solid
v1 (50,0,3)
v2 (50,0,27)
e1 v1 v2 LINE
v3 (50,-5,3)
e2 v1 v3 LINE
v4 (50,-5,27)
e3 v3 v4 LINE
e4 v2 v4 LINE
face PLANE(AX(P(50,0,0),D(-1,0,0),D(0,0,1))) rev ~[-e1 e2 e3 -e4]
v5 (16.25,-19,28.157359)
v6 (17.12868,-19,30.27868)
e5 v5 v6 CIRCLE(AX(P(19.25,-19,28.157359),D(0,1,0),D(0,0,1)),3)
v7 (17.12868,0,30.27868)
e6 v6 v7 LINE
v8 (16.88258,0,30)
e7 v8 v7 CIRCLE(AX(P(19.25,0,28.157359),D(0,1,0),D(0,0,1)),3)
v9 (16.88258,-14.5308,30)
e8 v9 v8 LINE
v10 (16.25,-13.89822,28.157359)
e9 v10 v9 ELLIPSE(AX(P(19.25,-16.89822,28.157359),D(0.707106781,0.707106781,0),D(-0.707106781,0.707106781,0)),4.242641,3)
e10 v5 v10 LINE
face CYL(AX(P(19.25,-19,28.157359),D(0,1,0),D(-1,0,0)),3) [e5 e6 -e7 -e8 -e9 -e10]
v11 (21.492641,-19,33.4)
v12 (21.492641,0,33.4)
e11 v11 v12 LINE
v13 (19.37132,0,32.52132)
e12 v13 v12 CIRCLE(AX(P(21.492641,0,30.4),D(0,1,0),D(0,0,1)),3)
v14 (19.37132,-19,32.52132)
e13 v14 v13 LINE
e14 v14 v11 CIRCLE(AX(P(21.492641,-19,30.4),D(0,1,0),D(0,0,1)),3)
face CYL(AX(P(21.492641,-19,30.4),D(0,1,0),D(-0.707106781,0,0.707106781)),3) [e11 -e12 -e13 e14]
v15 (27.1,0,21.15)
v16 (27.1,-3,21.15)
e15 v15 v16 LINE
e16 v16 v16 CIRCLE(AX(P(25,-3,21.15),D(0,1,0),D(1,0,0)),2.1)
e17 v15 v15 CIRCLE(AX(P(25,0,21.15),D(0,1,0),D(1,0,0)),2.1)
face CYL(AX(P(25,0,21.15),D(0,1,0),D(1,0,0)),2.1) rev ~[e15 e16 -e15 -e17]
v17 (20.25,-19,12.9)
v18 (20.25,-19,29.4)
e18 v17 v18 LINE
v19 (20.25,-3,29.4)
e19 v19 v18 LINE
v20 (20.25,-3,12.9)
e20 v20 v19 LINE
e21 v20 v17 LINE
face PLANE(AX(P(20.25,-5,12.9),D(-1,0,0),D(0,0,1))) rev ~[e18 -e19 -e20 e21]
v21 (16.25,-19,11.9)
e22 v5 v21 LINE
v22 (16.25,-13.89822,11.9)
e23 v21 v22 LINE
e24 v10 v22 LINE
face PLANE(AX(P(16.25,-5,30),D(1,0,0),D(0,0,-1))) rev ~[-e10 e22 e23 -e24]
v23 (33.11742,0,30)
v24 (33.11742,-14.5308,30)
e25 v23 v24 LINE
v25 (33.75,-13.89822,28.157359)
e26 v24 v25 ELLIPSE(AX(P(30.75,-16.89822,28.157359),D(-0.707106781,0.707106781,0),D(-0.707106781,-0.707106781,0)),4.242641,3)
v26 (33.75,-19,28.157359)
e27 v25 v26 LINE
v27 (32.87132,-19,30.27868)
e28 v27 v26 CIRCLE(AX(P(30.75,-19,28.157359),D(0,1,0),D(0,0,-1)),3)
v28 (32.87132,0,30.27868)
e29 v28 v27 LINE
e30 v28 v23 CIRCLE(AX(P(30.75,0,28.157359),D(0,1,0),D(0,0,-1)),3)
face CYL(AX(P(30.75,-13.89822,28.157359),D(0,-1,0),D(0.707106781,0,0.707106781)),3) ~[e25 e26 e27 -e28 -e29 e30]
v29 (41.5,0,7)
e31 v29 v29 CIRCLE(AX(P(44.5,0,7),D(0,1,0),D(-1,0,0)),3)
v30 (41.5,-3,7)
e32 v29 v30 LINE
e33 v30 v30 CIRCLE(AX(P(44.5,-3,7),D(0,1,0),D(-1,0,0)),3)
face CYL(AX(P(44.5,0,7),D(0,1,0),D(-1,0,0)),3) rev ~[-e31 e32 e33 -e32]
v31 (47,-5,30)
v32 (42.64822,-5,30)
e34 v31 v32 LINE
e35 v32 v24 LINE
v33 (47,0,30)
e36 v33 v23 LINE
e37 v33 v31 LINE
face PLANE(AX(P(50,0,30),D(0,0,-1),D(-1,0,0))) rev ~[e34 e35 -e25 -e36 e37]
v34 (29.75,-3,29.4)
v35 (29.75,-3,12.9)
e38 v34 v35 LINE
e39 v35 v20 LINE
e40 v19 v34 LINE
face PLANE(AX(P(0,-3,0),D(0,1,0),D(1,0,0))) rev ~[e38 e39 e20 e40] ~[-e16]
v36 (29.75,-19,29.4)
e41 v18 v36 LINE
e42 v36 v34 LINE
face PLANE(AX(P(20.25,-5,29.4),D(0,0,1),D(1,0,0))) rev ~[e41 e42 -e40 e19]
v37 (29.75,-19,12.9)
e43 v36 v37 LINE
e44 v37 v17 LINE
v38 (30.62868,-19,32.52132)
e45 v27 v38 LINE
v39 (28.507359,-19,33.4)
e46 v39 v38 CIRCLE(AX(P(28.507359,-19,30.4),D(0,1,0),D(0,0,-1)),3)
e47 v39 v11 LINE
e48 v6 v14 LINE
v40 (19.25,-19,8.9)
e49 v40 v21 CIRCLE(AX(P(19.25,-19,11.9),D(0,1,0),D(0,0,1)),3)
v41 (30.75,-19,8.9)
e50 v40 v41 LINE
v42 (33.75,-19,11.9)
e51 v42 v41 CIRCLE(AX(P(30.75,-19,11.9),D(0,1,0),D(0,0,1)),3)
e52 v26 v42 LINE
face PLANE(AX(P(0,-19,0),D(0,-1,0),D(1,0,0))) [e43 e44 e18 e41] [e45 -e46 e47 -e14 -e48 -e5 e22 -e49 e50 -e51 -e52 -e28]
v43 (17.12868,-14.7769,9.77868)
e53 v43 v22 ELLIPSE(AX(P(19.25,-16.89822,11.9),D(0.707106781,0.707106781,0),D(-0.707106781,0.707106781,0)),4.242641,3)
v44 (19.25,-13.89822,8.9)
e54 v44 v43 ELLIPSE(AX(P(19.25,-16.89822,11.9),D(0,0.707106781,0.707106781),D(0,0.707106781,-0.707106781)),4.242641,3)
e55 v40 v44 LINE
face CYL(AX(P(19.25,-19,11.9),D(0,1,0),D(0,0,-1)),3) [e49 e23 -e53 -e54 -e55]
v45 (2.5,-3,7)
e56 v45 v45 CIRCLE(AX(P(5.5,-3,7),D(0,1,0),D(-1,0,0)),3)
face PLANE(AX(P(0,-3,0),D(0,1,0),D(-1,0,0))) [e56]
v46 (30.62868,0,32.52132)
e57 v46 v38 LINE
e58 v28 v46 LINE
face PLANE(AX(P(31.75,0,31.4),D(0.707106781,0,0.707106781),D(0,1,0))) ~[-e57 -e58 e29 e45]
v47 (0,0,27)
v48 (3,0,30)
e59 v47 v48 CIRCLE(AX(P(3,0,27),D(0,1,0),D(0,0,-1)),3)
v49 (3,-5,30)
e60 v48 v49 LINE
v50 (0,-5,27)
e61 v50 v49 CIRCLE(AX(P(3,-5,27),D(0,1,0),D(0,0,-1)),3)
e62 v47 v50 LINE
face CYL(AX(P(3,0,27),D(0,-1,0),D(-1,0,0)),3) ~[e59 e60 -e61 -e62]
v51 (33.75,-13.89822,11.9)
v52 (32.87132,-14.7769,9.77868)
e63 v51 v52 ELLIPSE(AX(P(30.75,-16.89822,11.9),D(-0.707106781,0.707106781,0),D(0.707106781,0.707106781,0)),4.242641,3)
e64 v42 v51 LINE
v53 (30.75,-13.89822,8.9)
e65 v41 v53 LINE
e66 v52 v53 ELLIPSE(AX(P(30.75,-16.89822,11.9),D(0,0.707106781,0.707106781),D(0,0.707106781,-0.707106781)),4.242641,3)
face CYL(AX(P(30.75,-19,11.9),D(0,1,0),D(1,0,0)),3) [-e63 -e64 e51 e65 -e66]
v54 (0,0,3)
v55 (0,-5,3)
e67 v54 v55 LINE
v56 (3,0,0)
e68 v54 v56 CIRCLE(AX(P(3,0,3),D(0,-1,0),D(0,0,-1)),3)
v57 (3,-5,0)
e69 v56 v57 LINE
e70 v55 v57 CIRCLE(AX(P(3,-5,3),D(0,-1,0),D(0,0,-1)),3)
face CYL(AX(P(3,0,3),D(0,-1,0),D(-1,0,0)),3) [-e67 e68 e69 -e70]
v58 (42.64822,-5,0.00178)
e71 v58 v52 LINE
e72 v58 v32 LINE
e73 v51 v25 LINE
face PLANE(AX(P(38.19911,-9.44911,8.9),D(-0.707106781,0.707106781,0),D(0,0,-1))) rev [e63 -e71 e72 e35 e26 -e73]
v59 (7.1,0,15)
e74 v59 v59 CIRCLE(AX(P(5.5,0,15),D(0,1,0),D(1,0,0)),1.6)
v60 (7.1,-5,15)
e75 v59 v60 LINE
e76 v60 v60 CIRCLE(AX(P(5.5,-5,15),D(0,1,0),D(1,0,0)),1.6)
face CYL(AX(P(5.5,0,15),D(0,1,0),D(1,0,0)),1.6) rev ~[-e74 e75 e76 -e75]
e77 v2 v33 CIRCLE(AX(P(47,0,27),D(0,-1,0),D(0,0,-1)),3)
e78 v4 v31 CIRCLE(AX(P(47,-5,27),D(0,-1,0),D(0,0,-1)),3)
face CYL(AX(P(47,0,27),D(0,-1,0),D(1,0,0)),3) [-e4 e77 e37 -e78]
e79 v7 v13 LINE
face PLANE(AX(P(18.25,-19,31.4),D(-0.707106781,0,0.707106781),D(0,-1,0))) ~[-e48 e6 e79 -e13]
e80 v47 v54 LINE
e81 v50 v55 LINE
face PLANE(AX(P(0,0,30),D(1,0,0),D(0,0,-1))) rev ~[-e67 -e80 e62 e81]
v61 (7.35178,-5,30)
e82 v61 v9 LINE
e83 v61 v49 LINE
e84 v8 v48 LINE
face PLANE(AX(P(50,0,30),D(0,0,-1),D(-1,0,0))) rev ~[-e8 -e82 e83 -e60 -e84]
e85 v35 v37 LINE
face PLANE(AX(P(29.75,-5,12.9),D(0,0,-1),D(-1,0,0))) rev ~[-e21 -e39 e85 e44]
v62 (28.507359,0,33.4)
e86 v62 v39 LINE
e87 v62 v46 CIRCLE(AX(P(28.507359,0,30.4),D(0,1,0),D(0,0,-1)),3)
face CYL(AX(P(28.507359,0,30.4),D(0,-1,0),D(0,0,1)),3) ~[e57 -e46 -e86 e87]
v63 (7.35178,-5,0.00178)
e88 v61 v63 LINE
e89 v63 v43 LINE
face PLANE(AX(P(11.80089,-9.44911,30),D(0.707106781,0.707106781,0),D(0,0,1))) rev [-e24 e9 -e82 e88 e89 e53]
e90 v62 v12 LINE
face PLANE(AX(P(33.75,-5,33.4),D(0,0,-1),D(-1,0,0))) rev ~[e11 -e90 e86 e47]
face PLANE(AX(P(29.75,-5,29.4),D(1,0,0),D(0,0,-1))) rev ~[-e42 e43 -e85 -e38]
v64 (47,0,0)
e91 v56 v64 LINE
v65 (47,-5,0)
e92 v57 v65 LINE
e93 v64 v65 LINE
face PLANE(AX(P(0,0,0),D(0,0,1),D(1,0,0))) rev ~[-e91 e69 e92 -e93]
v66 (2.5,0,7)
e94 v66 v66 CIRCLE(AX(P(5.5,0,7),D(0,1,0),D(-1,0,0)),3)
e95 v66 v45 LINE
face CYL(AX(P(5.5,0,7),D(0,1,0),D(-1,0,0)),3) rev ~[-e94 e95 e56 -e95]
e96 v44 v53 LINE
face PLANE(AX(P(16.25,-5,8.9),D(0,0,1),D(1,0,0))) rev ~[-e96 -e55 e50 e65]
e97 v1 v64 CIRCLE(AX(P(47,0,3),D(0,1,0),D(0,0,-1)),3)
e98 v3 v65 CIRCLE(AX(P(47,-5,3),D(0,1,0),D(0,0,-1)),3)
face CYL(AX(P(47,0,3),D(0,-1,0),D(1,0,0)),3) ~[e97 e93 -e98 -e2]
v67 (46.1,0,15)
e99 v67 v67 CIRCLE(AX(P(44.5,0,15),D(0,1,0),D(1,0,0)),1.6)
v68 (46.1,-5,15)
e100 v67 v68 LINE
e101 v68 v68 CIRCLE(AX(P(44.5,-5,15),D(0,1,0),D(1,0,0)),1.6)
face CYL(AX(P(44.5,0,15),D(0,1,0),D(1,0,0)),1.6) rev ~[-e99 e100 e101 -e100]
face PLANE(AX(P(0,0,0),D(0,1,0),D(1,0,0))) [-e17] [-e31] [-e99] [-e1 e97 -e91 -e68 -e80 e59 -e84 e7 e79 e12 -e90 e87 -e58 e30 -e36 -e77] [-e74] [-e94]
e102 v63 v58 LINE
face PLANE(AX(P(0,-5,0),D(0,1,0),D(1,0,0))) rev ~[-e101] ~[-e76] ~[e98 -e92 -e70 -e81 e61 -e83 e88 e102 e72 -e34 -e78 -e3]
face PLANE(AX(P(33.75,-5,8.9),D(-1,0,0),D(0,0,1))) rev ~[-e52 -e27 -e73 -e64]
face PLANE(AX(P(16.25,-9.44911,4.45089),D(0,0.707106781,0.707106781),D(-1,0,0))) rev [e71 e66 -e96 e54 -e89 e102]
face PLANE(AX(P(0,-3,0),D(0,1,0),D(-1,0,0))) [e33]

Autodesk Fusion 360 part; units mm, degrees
sketch "Sketch1" plane through (0, 0, 0) normal (0, 1, 0) x (1, 0, 0)
  line L0 (0, 0) -> (50, 0)
  line L1 (50, 0) -> (50, -30)
  line L2 (50, -30) -> (0, -30)
  line L3 (0, -30) -> (0, 0)
  circle A0 centre (5.5, -15) radius 1.6
  circle A1 centre (44.5, -15) radius 1.6
  circle A2 centre (25, -21.15) radius 2.1
  point P0 (25, -21.15)
  dimension "d1" = 30
  dimension "d2" = 50
  dimension "d3" = 15
  dimension "d4" = 5.5
  dimension "d5" = 5.5
  dimension "d6" = 3.2
  dimension "d9" = 25
  dimension "d10" = 21.15
  dimension "d19" = 4.2
extrude "Extrude1" add sketch "Sketch1" against normal blind 5
sketch "Sketch2" plane through (0, -5, 0) normal (0, -1, 0) x (1, 0, 0)
  circle A0 centre (44.5, 15) radius 1.6
  circle A1 centre (5.5, 15) radius 1.6
  line L0 (50, 30) -> (0, 30)
  line L1 (0, 30) -> (0, 0)
  line L2 (0, 0) -> (50, 0)
  line L3 (50, 0) -> (50, 30)
  line L4 (33.75, 33.4) -> (16.25, 33.4)
  line L5 (16.25, 33.4) -> (16.25, 8.9)
  line L6 (16.25, 8.9) -> (33.75, 8.9)
  line L7 (33.75, 8.9) -> (33.75, 33.4)
  line L8 (33.75, 33.4) -> (16.25, 8.9) construction
  line L9 (16.25, 33.4) -> (33.75, 8.9) construction
  circle A2 centre (25, 21.15) radius 2.1
  line L10 (29.75, 12.9) -> (20.25, 12.9)
  line L11 (20.25, 12.9) -> (20.25, 29.4)
  line L12 (20.25, 29.4) -> (29.75, 29.4)
  line L13 (29.75, 29.4) -> (29.75, 12.9)
  line L14 (29.75, 12.9) -> (20.25, 29.4) construction
  line L15 (20.25, 12.9) -> (29.75, 29.4) construction
  point P0 (25, 21.15)
  point P1 (25, 21.15)
  dimension "d20" = 16.5
  dimension "d21" = 9.5
  dimension "d22" = 4
  dimension "d23" = 4
extrude "Extrude2" add sketch "Sketch2" along normal blind 14 and the other way up to surface (5 mm away) contours L0 L5 L6 L7 | L0 L4 L5 L7
extrude "Extrude3" cut 1 faces at (25.0523, -5, 14.952) along direction (0, 1, 0) blind 2
sketch "Sketch3" plane through (0, 0, 0) normal (0, 1, 0) x (-1, 0, 0)
  circle A0 centre (-5.5, 15) radius 1.6
  circle A1 centre (-44.5, 15) radius 1.6
  line L0 (-33.75, 30) -> (-50, 30)
  line L1 (-50, 30) -> (-50, 0)
  line L2 (-50, 0) -> (0, 0)
  line L3 (0, 0) -> (0, 30)
  line L4 (0, 30) -> (-16.25, 30)
  line L5 (-16.25, 30) -> (-16.25, 33.4)
  line L6 (-16.25, 33.4) -> (-33.75, 33.4)
  line L7 (-33.75, 33.4) -> (-33.75, 30)
  circle A2 centre (-25, 21.15) radius 2.1
  circle A3 centre (-44.5, 7) radius 3
  circle A4 centre (-5.5, 7) radius 3
  dimension "d28" = 6
  dimension "d32" = 8
extrude "Extrude4" cut sketch "Sketch3" against normal blind 3 contours A3 | A4
chamfer "Chamfer1" distance 8.9 angle 45 3 edges at (16.25, -5, 19.45) (33.75, -5, 19.45) (25, -5, 8.9)
chamfer "Chamfer3" distance 4 angle 45 2 edges at (33.75, -9.5, 33.4) (16.25, -9.5, 33.4)
fillet "Fillet2" radius 3 10 edges at (0, -2.5, 30) (0, -2.5, 0) (50, -2.5, 30) (50, -2.5, 0) (33.75, -16.45, 8.9) (16.25, -16.45, 8.9) (16.25, -16.45, 29.4) (20.25, -9.5, 33.4) (29.75, -9.5, 33.4) (33.75, -16.45, 29.4)
equation "d3 = d1 / 2"
equation "d5 = d4"
equation "d9 = d2 / 2"
equation "d10 = ( 42.3 / 2 ) * 1 mm"
equation "d23 = d22"
